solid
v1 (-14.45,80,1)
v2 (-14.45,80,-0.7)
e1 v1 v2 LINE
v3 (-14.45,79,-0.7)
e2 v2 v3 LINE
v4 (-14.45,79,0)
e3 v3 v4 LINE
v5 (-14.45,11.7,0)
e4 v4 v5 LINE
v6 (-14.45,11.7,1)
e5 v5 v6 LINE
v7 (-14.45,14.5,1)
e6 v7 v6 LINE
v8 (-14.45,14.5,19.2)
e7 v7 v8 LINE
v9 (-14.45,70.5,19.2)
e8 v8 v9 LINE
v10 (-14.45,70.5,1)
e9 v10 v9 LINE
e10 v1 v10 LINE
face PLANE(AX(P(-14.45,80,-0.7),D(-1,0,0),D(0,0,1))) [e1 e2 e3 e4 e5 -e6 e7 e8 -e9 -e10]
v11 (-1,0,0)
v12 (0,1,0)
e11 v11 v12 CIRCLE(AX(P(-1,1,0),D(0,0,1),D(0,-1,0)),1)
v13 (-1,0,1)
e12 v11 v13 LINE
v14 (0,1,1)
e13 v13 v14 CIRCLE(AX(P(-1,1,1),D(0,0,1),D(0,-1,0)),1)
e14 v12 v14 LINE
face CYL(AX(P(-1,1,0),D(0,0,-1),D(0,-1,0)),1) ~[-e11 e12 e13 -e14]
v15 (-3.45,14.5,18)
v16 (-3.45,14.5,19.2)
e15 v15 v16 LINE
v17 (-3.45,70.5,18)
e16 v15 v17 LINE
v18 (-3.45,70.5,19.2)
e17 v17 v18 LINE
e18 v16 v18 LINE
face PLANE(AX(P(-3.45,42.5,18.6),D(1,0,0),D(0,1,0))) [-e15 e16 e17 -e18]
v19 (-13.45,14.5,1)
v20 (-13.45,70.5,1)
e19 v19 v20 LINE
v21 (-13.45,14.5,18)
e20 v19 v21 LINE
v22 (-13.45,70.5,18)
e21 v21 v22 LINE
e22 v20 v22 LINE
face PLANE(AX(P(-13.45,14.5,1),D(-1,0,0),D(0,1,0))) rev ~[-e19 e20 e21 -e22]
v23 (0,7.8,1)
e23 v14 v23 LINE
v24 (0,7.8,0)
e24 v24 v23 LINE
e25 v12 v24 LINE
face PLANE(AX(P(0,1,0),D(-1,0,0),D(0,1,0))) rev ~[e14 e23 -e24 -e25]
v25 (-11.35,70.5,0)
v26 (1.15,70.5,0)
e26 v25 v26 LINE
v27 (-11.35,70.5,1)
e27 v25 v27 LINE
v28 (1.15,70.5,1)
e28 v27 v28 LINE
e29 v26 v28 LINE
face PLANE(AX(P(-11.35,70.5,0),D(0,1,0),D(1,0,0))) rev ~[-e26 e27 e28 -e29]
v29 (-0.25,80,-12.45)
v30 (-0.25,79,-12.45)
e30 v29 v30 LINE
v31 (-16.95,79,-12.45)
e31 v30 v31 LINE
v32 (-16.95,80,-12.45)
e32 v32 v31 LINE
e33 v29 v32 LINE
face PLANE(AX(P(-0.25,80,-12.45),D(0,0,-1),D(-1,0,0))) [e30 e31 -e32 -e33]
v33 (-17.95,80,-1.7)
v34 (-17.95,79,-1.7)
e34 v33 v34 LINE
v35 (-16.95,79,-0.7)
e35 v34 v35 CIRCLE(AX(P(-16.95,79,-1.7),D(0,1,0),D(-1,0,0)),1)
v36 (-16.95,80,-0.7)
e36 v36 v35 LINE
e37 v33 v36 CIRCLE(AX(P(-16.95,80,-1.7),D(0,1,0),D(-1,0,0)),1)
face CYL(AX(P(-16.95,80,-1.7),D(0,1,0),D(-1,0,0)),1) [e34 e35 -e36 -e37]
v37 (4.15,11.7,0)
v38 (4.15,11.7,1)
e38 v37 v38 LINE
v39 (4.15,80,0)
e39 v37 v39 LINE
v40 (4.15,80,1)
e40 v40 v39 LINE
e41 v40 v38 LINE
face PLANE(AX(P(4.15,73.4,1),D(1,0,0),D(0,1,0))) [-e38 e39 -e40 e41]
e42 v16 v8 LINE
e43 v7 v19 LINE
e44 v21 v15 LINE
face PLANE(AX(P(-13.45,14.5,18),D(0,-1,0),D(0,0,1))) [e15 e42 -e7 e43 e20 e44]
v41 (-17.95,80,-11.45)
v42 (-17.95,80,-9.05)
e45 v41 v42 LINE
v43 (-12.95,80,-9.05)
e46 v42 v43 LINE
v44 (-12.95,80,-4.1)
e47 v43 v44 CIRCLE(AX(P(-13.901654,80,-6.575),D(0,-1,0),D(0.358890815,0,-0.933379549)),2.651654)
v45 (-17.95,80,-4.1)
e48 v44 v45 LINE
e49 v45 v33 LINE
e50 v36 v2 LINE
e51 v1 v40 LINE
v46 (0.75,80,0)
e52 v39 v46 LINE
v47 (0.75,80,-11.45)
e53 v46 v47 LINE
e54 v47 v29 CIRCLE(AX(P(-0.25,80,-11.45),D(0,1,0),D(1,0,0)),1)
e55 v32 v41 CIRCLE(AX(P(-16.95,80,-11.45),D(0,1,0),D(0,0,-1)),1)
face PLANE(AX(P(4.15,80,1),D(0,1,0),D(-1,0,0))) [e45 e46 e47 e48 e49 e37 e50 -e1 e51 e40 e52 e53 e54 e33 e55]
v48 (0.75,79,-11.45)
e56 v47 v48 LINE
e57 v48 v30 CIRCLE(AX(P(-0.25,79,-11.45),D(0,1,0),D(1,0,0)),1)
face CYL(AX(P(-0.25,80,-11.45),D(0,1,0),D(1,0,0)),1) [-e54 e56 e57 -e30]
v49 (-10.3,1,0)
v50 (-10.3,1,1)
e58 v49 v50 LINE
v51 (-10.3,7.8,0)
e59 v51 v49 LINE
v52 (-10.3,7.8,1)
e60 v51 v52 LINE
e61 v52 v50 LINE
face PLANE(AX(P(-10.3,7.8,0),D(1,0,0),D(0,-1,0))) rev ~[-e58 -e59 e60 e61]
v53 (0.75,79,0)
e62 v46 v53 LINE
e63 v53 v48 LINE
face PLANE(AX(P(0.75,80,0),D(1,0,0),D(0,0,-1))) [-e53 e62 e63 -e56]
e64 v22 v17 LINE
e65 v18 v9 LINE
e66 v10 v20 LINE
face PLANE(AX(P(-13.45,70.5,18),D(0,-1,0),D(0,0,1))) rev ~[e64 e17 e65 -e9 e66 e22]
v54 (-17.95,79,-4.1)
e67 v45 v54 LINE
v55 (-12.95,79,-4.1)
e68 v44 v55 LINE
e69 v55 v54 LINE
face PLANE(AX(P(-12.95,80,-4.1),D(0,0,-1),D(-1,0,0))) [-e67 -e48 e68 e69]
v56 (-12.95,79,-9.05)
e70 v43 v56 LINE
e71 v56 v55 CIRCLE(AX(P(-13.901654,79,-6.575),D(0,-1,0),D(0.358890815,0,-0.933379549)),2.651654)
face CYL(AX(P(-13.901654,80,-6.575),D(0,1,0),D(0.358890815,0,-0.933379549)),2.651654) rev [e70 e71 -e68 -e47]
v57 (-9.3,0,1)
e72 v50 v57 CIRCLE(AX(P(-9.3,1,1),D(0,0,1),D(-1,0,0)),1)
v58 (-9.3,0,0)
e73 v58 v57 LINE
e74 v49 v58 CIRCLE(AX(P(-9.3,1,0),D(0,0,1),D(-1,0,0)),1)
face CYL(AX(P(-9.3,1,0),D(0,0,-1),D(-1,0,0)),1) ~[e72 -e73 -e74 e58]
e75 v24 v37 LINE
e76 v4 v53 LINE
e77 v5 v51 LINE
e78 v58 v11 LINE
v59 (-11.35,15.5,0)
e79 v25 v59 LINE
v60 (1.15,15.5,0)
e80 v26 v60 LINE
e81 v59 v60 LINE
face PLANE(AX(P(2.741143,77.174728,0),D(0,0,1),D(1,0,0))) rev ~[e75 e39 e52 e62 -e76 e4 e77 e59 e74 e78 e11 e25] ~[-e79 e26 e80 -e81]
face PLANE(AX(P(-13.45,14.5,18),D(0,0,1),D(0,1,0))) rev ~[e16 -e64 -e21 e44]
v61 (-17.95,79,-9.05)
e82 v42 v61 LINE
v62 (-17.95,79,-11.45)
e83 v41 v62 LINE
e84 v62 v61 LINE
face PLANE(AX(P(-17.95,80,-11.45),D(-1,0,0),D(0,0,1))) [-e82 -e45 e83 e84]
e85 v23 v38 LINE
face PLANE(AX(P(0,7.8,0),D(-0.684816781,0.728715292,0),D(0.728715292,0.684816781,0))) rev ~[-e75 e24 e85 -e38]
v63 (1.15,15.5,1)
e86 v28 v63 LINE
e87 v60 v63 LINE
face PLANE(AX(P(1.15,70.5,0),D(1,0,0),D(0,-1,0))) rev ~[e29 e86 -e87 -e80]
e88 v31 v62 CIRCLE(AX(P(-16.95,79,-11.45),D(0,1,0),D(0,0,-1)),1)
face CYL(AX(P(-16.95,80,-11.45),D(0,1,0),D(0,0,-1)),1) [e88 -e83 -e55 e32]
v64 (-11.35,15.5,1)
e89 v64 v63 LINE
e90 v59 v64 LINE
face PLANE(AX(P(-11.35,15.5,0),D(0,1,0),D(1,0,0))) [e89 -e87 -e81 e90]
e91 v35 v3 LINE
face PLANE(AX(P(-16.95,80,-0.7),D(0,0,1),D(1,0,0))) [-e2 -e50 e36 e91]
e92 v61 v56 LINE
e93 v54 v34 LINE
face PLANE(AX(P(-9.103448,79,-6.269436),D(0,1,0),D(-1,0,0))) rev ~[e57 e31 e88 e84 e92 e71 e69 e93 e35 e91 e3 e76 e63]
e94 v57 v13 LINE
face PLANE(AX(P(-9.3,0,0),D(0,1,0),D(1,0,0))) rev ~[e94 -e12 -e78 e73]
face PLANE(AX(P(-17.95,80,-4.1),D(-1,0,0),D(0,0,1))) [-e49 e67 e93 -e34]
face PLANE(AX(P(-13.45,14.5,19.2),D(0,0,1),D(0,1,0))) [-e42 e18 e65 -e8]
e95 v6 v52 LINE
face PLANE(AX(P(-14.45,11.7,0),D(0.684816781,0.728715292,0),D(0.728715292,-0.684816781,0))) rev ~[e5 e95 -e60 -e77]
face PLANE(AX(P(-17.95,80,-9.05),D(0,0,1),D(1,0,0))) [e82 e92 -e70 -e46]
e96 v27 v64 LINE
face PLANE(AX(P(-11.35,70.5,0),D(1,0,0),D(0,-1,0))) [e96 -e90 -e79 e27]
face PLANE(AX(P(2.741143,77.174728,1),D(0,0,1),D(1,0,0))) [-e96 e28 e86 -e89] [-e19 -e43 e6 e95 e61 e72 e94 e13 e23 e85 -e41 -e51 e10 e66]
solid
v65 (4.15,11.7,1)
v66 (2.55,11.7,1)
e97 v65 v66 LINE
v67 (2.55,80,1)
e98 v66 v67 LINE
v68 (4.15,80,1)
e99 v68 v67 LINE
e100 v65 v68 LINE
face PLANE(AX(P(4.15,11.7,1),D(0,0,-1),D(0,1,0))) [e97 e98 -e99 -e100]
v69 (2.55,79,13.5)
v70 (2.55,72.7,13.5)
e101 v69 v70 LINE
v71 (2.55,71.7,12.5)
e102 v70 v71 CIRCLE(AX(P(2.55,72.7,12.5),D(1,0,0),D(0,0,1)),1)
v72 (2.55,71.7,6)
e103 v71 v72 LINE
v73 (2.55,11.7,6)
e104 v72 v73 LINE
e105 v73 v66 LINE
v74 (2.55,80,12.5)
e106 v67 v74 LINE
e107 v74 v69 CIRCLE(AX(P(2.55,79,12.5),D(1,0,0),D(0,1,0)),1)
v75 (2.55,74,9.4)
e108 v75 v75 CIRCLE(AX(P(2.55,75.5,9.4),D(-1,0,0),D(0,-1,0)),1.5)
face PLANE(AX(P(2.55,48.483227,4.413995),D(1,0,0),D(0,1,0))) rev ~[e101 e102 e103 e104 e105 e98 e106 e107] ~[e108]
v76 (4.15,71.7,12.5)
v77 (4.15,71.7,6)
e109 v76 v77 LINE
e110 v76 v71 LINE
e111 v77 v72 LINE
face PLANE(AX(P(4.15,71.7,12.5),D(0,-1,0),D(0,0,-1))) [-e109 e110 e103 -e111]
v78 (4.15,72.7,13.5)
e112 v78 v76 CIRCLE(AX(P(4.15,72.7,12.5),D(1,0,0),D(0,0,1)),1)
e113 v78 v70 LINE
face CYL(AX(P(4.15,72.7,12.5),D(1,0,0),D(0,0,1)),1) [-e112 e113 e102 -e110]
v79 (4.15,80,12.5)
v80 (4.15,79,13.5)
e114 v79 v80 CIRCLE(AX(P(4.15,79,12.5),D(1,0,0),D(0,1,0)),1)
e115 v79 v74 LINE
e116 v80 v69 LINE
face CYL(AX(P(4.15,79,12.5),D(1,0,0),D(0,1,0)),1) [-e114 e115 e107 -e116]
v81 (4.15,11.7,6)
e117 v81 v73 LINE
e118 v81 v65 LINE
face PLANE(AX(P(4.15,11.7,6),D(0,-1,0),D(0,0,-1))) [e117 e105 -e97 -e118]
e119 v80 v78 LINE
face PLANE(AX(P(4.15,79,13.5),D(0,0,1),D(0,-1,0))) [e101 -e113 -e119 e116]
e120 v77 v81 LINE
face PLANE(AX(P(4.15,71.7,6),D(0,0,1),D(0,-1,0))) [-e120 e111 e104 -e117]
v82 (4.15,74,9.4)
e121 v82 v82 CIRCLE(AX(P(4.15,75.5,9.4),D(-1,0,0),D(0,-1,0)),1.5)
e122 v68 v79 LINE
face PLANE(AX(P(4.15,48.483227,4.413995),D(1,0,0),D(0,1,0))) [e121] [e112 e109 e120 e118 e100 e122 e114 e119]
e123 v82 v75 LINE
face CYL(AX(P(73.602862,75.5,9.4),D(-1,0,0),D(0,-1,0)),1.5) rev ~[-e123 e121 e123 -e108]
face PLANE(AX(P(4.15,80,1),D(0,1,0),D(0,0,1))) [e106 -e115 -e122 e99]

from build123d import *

# Parameters (mm, degrees)
F1_DEPTH  = 1
F2_R      = 1.15
F3_DEPTH  = 1
F4_W      = 12.5
F4_H      = 55
F5_DEPTH  = 1
F7_DEPTH  = 1
F9_DEPTH  = 1.6
F10_W     = 1
F10_H     = 56
F11_DEPTH = 18.2
F12_D     = 3
F13_W     = 56
F13_H     = 1.2
F14_DEPTH = 10


with BuildPart() as f1:
    # F0 (on Top) → F1 (new body)
    with BuildSketch(Plane.XY):
        with BuildLine():
            Line((-9.3, 0), (-1, 0))
            ThreePointArc((-1, 0), (-0.2928932188, 0.2928932188), (0, 1))
            Line((0, 1), (0, 7.8))
            Line((0, 7.8), (4.15, 11.7))
            Line((4.15, 11.7), (4.15, 73.4))
            Line((4.15, 73.4), (0.75, 76.5))
            Line((0.75, 76.5), (0.75, 80))
            Line((0.75, 80), (-14.45, 80))
            Line((-14.45, 80), (-14.45, 73.4))
            Line((-14.45, 73.4), (-14.45, 11.7))
            Line((-14.45, 11.7), (-10.3, 7.8))
            Line((-10.3, 7.8), (-10.3, 1))
            ThreePointArc((-10.3, 1), (-10.0071067812, 0.2928932188), (-9.3, 0))
        make_face()
    extrude(amount=F1_DEPTH)

    # F2 (on face) → F3 (join)
    with BuildSketch(Plane(origin=(0, 80, 0), x_dir=(-1, 0, 0), z_dir=(0, 1, 0))):
        with BuildLine():
            Line((14.45, -0.7), (14.45, 0))
            Line((14.45, 0), (-0.75, 0))
            Line((-0.75, 0), (-0.75, -11.45))
            ThreePointArc((-0.75, -11.45), (-0.4571067812, -12.1571067812), (0.25, -12.45))
            Line((0.25, -12.45), (16.95, -12.45))
            ThreePointArc((16.95, -12.45), (17.6571067812, -12.1571067812), (17.95, -11.45))
            Line((17.95, -11.45), (17.95, -9.05))
            Line((17.95, -9.05), (12.95, -9.05))
            ThreePointArc((12.95, -9.05), (11.25, -6.575), (12.95, -4.1))
            Line((12.95, -4.1), (17.95, -4.1))
            Line((17.95, -4.1), (17.95, -1.7))
            ThreePointArc((17.95, -1.7), (17.6571067812, -0.9928932188), (16.95, -0.7))
            Line((16.95, -0.7), (14.45, -0.7))
        make_face()
        with Locations((2.45, -9.25)):
            Circle(F2_R, mode=Mode.SUBTRACT)
        with Locations((2.45, -9.25)):
            Circle(F2_R)
    extrude(amount=-F3_DEPTH)

    # F4 (on face) → F5 (cut)
    with BuildSketch(Plane(origin=(0, 0, 0), x_dir=(1, 0, 0), z_dir=(0, 0, -1))):
        with Locations((-5.1, -43)):
            Rectangle(F4_W, F4_H)
    extrude(amount=-F5_DEPTH, mode=Mode.SUBTRACT)

    # F6 (on face) → F7 (join)
    with BuildSketch(Plane.XY.offset(1)):
        Polygon((0.75, 76.5), (4.15, 73.4), (4.15, 80), (0.75, 80), align=None)
    extrude(amount=-F7_DEPTH)

    # F10 (on face) → F11 (join)
    with BuildSketch(Plane.XY.offset(1)):
        with Locations((-13.95, 42.5)):
            Rectangle(F10_W, F10_H)
    extrude(amount=F11_DEPTH)

    # F13 (on face) → F14 (join)
    with BuildSketch(Plane.YZ.offset(-13.45)):
        with Locations((42.5, 18.6)):
            Rectangle(F13_W, F13_H)
    extrude(amount=F14_DEPTH)


with BuildPart() as f9:
    # F8 (on face) → F9 (new body)
    with BuildSketch(Plane.YZ.offset(4.15)):
        with BuildLine():
            Line((11.7, 1), (80, 1))
            Line((80, 1), (80, 12.5))
            ThreePointArc((80, 12.5), (79.7071067812, 13.2071067812), (79, 13.5))
            Line((79, 13.5), (72.7, 13.5))
            ThreePointArc((72.7, 13.5), (71.9928932188, 13.2071067812), (71.7, 12.5))
            Line((71.7, 12.5), (71.7, 6))
            Line((71.7, 6), (11.7, 6))
            Line((11.7, 6), (11.7, 1))
        make_face()
    extrude(amount=-F9_DEPTH)

    # F12 (through all)
    with Locations(Plane.YZ.offset(4.15)):
        with Locations((75.5, 9.4)):
            Hole(F12_D / 2)


solid = Compound([f1.part, f9.part])
